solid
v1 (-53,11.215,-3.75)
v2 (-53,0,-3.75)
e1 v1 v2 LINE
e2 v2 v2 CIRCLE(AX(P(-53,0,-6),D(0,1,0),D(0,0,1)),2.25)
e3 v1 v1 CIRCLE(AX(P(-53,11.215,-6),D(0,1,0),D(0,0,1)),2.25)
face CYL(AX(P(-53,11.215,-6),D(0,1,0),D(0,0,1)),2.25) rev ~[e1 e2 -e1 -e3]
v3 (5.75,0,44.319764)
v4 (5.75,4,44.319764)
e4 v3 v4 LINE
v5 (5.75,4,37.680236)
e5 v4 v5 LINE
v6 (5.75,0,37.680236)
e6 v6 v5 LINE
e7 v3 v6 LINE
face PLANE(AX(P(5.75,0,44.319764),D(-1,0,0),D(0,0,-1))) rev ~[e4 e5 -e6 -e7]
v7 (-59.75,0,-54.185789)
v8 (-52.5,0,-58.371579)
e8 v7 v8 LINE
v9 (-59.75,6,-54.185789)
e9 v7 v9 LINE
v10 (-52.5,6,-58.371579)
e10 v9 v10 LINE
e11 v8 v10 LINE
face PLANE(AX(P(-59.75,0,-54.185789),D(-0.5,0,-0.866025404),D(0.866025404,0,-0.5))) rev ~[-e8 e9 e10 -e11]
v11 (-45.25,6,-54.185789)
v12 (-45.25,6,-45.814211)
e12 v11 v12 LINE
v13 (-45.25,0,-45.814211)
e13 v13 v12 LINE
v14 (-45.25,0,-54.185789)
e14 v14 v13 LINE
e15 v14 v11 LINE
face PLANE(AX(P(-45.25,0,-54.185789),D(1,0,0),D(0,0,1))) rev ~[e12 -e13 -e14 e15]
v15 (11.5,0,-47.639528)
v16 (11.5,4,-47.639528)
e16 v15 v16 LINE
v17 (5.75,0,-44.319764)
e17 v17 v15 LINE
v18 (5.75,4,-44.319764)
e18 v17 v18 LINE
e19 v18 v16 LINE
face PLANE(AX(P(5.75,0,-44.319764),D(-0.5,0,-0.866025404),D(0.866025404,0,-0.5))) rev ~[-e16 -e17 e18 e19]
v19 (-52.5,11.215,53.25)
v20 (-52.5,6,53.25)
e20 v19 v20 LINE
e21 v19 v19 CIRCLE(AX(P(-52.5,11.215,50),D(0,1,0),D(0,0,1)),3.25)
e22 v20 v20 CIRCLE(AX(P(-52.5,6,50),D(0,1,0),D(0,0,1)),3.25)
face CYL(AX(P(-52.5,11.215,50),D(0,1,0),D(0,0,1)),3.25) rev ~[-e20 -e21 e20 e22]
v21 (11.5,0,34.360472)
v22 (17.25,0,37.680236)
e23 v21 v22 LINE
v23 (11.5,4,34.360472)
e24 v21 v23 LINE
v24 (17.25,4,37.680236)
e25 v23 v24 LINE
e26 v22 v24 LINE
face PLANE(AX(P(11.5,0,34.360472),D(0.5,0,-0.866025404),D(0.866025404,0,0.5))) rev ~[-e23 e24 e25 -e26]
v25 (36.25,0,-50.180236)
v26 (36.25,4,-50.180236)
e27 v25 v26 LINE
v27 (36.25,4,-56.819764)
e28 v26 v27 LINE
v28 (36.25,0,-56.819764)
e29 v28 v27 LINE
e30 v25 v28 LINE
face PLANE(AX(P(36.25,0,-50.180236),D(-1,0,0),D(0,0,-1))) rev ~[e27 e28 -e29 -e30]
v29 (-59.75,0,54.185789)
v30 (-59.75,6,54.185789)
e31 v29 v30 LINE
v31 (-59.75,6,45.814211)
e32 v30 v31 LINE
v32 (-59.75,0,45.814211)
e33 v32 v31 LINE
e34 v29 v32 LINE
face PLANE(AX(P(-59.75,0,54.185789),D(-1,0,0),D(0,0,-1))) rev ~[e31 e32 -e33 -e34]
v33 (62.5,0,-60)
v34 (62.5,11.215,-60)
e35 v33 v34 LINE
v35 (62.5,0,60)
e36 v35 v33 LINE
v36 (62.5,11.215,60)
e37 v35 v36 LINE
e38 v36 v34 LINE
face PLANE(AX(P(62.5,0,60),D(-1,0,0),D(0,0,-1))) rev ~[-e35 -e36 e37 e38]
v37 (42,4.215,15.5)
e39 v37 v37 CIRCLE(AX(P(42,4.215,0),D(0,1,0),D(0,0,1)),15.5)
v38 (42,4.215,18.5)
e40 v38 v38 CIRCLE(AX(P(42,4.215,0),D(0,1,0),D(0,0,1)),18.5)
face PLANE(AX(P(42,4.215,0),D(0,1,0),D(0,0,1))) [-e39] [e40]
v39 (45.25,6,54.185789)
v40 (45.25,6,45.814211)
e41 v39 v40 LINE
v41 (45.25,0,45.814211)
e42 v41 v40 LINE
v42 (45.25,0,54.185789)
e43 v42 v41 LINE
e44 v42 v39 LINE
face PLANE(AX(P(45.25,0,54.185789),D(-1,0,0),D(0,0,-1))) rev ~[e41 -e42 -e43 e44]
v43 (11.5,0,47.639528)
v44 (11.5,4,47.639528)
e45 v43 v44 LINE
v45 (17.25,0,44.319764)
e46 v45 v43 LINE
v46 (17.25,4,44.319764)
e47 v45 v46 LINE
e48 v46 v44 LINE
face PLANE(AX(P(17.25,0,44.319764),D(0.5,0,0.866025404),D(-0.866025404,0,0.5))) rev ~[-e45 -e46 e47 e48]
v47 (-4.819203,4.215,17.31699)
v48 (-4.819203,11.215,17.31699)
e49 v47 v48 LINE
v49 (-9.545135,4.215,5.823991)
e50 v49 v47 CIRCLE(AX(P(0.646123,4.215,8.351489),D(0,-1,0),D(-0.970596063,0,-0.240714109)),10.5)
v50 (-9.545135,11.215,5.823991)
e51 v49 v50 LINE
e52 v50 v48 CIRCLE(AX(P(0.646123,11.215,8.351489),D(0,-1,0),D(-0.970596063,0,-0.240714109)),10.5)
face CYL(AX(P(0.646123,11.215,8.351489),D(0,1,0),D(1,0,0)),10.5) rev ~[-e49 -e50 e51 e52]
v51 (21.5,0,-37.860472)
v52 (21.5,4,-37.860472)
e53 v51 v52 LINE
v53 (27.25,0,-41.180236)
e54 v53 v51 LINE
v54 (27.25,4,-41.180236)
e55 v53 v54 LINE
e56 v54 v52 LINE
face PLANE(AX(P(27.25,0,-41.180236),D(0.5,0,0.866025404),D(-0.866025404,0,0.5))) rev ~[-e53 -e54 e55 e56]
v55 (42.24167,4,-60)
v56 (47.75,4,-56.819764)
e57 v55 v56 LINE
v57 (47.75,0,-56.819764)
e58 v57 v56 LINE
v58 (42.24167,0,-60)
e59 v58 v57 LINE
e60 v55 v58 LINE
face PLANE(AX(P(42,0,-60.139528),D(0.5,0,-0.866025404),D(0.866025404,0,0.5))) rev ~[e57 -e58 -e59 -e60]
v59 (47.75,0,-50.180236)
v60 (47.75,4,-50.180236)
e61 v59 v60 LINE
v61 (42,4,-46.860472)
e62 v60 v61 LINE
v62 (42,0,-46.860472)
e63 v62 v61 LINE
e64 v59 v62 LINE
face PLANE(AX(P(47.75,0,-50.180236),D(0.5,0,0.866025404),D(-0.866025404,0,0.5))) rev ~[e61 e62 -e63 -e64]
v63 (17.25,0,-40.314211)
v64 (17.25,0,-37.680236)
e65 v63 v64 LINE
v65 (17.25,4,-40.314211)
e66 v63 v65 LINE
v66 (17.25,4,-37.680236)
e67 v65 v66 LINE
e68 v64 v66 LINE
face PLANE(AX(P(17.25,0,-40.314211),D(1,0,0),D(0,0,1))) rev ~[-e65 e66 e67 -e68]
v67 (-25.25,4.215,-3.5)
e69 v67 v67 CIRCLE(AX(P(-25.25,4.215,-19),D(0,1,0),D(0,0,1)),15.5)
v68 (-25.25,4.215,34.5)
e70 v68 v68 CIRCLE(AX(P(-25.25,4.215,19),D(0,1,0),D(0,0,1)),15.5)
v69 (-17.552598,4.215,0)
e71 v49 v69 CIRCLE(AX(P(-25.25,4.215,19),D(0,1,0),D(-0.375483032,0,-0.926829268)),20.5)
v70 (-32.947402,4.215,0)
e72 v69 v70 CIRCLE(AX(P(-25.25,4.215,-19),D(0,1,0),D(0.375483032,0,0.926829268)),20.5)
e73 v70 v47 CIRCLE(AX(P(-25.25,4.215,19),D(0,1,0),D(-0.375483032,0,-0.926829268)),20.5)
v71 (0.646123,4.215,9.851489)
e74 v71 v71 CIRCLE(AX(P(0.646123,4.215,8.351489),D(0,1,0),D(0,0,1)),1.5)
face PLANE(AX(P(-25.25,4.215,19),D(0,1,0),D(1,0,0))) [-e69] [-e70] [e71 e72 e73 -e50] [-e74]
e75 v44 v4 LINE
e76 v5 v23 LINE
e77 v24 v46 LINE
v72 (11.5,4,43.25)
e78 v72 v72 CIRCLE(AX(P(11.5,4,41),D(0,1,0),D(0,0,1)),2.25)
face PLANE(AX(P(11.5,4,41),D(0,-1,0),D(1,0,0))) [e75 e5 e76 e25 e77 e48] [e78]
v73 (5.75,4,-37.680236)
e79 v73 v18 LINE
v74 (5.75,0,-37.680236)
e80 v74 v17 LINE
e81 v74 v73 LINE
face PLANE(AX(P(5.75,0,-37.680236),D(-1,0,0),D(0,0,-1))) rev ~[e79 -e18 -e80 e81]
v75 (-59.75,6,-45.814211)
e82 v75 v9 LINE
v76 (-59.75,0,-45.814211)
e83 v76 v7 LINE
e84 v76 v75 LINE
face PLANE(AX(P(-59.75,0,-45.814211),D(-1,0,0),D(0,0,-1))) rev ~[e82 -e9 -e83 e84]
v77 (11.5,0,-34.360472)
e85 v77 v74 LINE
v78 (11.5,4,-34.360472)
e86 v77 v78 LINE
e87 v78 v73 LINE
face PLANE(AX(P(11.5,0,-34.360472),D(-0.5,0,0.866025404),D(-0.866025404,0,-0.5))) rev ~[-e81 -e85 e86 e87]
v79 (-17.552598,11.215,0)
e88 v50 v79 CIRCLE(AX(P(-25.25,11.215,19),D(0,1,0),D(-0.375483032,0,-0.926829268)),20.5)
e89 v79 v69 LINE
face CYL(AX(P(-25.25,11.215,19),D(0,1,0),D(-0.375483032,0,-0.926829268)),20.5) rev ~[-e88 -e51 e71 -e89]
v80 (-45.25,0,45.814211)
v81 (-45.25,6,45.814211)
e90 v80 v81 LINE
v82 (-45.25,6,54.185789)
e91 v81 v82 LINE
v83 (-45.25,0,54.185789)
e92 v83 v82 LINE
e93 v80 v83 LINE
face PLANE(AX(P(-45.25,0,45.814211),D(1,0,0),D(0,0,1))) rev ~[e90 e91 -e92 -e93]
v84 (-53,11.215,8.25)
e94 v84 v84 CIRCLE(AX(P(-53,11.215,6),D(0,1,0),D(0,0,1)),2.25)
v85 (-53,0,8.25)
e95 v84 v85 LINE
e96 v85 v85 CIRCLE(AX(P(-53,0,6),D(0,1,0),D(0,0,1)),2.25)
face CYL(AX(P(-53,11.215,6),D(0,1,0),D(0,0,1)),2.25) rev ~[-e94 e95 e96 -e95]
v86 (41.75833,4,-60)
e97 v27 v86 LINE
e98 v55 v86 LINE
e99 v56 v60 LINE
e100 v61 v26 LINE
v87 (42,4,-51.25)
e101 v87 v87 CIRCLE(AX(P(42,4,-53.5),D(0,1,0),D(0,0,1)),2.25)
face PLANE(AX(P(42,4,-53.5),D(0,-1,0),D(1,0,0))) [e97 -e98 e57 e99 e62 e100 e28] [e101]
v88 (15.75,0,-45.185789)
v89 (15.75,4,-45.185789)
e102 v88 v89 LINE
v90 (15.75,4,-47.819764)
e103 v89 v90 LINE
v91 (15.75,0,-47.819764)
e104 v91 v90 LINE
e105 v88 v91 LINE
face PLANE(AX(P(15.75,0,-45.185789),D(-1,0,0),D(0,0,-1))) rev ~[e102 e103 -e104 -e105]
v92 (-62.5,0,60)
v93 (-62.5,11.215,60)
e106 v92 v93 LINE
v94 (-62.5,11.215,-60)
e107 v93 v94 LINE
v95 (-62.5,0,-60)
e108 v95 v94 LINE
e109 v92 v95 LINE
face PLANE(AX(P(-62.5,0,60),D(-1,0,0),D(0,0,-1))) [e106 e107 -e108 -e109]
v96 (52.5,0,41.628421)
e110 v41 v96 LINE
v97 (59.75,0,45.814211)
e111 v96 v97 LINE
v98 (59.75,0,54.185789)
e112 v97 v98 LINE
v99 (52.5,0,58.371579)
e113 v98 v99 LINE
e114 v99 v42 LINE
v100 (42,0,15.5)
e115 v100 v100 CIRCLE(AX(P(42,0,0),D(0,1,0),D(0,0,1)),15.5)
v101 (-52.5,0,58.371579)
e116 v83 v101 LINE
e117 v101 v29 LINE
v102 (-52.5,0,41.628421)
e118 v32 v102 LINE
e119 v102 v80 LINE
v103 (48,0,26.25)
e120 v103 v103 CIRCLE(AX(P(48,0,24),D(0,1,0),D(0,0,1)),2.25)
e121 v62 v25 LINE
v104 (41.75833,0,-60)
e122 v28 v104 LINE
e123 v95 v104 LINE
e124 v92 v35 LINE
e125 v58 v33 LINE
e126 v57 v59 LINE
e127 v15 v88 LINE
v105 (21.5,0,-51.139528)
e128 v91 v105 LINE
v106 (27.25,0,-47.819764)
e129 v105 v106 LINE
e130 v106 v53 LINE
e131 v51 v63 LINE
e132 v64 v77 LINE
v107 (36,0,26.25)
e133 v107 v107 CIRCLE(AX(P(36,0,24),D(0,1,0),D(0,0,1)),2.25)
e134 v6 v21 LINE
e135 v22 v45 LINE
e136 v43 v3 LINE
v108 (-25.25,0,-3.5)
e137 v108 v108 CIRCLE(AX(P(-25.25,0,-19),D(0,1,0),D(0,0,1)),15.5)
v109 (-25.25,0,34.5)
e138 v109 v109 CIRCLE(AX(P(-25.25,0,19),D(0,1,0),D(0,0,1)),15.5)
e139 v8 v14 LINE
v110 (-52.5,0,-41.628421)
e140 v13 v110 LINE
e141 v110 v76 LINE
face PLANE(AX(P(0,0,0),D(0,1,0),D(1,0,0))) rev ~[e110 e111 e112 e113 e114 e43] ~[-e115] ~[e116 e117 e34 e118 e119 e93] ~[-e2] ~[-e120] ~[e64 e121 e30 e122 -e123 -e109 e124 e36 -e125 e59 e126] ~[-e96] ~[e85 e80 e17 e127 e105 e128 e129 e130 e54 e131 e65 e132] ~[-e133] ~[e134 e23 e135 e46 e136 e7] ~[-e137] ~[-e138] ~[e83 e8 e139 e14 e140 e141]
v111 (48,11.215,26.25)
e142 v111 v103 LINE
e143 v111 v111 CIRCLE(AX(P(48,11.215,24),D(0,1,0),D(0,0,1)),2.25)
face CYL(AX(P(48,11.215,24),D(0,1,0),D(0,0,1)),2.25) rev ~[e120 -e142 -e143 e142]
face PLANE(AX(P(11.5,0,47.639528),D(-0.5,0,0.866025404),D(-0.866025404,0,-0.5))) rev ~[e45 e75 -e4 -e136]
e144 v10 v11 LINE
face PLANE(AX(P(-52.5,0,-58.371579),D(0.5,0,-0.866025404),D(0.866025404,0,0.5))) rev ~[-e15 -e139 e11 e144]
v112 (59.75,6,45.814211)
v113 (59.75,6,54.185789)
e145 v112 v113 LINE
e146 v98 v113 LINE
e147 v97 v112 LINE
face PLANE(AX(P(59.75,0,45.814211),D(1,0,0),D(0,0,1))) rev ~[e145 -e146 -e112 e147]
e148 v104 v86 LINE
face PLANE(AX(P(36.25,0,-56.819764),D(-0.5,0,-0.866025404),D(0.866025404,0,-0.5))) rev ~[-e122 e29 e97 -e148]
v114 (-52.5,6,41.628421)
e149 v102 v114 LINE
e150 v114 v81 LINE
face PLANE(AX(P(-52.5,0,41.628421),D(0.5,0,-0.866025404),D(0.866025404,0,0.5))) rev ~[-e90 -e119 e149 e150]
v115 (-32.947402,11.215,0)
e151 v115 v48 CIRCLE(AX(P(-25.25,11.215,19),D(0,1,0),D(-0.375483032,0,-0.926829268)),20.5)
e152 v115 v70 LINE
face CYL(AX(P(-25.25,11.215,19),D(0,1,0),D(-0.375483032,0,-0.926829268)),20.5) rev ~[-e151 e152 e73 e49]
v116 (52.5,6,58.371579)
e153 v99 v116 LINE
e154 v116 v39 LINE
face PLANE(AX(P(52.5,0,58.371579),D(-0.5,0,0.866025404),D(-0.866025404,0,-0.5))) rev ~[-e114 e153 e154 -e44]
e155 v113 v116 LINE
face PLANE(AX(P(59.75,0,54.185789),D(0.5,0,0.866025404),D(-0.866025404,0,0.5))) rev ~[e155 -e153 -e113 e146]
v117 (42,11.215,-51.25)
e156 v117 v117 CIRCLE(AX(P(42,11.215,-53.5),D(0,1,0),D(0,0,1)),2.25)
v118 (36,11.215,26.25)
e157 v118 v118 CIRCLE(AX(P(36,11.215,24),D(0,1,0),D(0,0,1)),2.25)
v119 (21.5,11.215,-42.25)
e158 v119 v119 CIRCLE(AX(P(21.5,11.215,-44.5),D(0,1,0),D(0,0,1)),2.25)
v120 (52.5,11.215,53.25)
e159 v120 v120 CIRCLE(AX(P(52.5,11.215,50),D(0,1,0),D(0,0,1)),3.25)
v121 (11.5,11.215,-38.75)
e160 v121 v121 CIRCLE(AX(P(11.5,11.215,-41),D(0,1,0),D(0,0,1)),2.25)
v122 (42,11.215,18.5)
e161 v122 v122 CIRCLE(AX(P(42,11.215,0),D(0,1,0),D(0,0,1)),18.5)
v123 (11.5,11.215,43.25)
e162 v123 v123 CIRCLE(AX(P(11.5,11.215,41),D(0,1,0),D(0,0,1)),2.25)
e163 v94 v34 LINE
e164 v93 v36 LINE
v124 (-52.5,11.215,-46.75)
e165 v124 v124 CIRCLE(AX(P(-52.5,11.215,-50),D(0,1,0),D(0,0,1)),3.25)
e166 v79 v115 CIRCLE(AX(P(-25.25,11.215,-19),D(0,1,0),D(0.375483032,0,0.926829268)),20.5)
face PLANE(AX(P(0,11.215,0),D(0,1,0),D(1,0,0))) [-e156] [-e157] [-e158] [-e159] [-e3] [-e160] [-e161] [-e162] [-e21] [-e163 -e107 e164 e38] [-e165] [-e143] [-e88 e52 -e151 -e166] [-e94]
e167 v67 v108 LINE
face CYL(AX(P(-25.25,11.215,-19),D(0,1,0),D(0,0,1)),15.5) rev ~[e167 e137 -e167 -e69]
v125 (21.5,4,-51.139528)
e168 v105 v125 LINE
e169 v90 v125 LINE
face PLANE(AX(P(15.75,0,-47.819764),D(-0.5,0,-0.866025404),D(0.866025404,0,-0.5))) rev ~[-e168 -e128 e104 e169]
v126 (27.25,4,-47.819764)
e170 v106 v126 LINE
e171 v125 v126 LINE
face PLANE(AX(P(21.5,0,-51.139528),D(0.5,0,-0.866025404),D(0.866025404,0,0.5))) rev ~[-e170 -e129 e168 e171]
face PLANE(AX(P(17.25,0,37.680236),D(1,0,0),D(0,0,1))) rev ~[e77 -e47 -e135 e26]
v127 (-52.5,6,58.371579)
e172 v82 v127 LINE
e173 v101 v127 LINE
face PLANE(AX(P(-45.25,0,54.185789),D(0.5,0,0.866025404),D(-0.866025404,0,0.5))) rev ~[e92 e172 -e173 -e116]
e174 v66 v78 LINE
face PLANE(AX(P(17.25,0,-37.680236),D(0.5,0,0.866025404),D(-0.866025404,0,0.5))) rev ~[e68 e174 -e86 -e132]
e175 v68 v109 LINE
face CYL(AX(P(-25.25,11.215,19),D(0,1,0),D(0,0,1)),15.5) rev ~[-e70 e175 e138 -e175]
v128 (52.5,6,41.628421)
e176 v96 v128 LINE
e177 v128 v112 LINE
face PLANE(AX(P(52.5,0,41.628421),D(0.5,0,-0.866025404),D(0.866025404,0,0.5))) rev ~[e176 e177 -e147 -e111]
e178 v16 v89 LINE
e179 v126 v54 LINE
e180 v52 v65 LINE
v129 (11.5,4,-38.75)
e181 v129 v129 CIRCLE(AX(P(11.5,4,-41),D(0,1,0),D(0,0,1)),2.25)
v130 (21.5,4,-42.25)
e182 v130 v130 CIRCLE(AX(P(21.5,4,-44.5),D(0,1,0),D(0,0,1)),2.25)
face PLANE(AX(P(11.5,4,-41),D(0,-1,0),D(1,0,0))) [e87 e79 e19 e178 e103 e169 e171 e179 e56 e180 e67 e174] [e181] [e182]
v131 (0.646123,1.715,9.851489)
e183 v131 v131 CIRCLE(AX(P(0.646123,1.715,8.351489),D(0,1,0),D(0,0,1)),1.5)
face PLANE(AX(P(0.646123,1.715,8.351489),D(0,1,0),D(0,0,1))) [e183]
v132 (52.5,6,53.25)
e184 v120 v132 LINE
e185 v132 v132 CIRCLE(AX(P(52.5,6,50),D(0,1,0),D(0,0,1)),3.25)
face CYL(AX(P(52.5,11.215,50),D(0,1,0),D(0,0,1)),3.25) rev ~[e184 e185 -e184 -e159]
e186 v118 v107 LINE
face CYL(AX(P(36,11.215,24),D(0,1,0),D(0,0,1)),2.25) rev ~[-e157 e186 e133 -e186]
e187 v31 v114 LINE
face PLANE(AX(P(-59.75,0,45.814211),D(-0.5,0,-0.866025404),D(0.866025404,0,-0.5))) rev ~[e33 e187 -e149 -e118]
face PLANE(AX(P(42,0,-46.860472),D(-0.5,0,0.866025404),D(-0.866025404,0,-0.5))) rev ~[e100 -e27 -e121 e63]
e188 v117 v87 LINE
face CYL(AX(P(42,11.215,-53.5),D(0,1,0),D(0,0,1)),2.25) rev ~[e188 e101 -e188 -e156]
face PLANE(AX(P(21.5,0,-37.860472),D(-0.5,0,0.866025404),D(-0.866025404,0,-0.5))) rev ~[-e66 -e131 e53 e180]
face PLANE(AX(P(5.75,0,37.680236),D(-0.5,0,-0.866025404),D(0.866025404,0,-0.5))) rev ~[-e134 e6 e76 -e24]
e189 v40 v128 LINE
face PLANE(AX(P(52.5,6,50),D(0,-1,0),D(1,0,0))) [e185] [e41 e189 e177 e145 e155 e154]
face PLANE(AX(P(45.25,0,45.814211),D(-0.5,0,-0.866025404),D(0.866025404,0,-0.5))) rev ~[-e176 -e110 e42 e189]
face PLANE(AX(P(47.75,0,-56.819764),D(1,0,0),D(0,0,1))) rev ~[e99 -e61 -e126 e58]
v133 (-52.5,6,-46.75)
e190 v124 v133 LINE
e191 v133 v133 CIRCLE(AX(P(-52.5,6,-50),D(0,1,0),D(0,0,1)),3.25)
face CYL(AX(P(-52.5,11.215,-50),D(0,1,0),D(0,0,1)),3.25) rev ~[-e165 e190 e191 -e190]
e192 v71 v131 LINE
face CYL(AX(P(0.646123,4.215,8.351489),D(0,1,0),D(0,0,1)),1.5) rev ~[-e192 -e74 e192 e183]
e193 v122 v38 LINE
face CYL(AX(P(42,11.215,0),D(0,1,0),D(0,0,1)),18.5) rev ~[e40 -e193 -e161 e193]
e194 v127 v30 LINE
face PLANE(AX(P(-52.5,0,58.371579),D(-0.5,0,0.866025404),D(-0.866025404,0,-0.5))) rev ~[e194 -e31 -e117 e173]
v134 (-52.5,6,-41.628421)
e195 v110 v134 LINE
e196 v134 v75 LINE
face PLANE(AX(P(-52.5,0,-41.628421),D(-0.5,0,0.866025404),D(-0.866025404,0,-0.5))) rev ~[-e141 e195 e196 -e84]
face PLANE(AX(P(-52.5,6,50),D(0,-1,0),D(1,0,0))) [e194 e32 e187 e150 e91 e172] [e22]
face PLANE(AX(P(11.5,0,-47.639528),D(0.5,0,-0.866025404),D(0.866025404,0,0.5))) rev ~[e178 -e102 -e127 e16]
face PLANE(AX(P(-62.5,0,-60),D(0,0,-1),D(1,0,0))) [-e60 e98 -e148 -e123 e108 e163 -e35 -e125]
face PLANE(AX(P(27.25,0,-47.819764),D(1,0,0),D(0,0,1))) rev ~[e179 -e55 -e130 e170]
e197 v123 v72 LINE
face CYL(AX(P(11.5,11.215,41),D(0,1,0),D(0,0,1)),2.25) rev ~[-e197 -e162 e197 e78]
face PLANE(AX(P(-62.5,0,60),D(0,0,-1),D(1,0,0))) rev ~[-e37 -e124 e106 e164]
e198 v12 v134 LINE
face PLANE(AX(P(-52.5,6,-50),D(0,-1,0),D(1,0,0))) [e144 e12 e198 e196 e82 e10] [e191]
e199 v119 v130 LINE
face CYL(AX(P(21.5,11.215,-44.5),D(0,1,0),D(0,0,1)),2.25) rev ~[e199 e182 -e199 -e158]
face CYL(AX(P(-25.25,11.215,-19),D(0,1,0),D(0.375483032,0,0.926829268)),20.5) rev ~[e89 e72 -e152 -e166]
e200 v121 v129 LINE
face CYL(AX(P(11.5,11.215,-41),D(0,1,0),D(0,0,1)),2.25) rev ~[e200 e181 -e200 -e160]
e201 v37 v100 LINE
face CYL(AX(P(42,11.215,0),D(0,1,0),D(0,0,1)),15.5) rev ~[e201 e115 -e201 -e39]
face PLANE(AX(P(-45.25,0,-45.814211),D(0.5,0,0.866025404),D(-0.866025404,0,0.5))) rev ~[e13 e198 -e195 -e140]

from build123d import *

# Parameters (mm, degrees)
SKETCH1_W                        = 125
SKETCH1_H                        = 120
TEST_BASE_POSTION_DEPTH          = 11.215
SKETCH8_R                        = 20.5
FINGER_GEARS_DEPTH               = 7
SKETCH9_R                        = 10.5
INTERMEDIATE_GEAR_DEPTH          = 7
SKETCH11_R                       = 18.5
XL320_FINGER_KNUCKLE_MOUNT_DEPTH = 7
SKETCH10_R                       = 15.5
CONNECT_FINGER_HOLES_DEPTH       = 88.361468766
THUMB_MOUNT_HOLES_R              = 2.25
THUMB_MOUNT_HOLES_M4_DEPTH       = 88.361468766
SKETCH16_R                       = 2.25
FINGERS_MOUNT_HOLES_M4_DEPTH     = 88.361468766
SKETCH17_R                       = 3.25
CONNECT_HOLES_M6_DEPTH           = 88.361468766
NUTS_M4_DEPTH                    = 4
NUTS_M6_DEPTH                    = 6
SKETCH21_R                       = 1.5
FIX_GEAR_ROD_HOLE_DEPTH          = 2.5


with BuildPart() as part:
    # Sketch1 → Test_Base_Postion (new body)
    with BuildSketch(Plane(origin=(0, 0, 0), x_dir=(1, 0, 0), z_dir=(0, 1, 0))):
        Rectangle(SKETCH1_W, SKETCH1_H)
    extrude(amount=TEST_BASE_POSTION_DEPTH)

    # Sketch8 → Finger_Gears (cut)
    with BuildSketch(Plane(origin=(0, 11.215, 0), x_dir=(1, 0, 0), z_dir=(0, 1, 0))):
        with Locations((-25.25, -19)):
            Circle(SKETCH8_R)
        with Locations((-25.25, 19)):
            Circle(SKETCH8_R)
    extrude(amount=-FINGER_GEARS_DEPTH, mode=Mode.SUBTRACT)

    # Sketch9 → Intermediate_Gear (cut)
    with BuildSketch(Plane(origin=(0, 11.215, 0), x_dir=(1, 0, 0), z_dir=(0, 1, 0))):
        with Locations((0.646123438, -8.351488795)):
            Circle(SKETCH9_R)
    extrude(amount=-INTERMEDIATE_GEAR_DEPTH, mode=Mode.SUBTRACT)

    # Sketch11 → XL320_Finger_Knuckle_Mount (cut)
    with BuildSketch(Plane(origin=(0, 11.215, 0), x_dir=(1, 0, 0), z_dir=(0, 1, 0))):
        with Locations(Location((42, 0, 0), (0, 0, 270))):
            Circle(SKETCH11_R)
    extrude(amount=-XL320_FINGER_KNUCKLE_MOUNT_DEPTH, mode=Mode.SUBTRACT)

    # Sketch10 → Connect_Finger_Holes (cut, through all)
    with BuildSketch(Plane(origin=(0, 11.215, 0), x_dir=(1, 0, 0), z_dir=(0, 1, 0))):
        with Locations(Location((-25.25, 19, 0), (0, 0, 270))):
            Circle(SKETCH10_R)
        with Locations(Location((-25.25, -19, 0), (0, 0, 270))):
            Circle(SKETCH10_R)
        with Locations(Location((42, 0, 0), (0, 0, 270))):
            Circle(SKETCH10_R)
    extrude(amount=-CONNECT_FINGER_HOLES_DEPTH, mode=Mode.SUBTRACT)

    # Thumb_Mount_Holes → Thumb_Mount_Holes_(M4) (cut, through all)
    with BuildSketch(Plane(origin=(0, 11.215, 0), x_dir=(1, 0, 0), z_dir=(0, 1, 0))):
        with Locations(Location((21.5, 44.5, 0), (0, 0, 270))):
            Circle(THUMB_MOUNT_HOLES_R)
        with Locations(Location((42, 53.5, 0), (0, 0, 270))):
            Circle(THUMB_MOUNT_HOLES_R)
        with Locations(Location((48, -24, 0), (0, 0, 270))):
            Circle(THUMB_MOUNT_HOLES_R)
        with Locations(Location((36, -24, 0), (0, 0, 270))):
            Circle(THUMB_MOUNT_HOLES_R)
    extrude(amount=-THUMB_MOUNT_HOLES_M4_DEPTH, mode=Mode.SUBTRACT)

    # Sketch16 → Fingers_Mount_Holes_(M4) (cut, through all)
    with BuildSketch(Plane(origin=(0, 11.215, 0), x_dir=(1, 0, 0), z_dir=(0, 1, 0))):
        with Locations(Location((11.5, 41, 0), (0, 0, 270))):
            Circle(SKETCH16_R)
        with Locations(Location((11.5, -41, 0), (0, 0, 270))):
            Circle(SKETCH16_R)
        with Locations(Location((-53, 6, 0), (0, 0, 270))):
            Circle(SKETCH16_R)
        with Locations(Location((-53, -6, 0), (0, 0, 270))):
            Circle(SKETCH16_R)
    extrude(amount=-FINGERS_MOUNT_HOLES_M4_DEPTH, mode=Mode.SUBTRACT)

    # Sketch17 → Connect_Holes_(M6) (cut, through all)
    with BuildSketch(Plane(origin=(0, 11.215, 0), x_dir=(1, 0, 0), z_dir=(0, 1, 0))):
        with Locations(Location((-52.5, 50, 0), (0, 0, 270))):
            Circle(SKETCH17_R)
        with Locations(Location((-52.5, -50, 0), (0, 0, 270))):
            Circle(SKETCH17_R)
        with Locations(Location((52.5, -50, 0), (0, 0, 270))):
            Circle(SKETCH17_R)
    extrude(amount=-CONNECT_HOLES_M6_DEPTH, mode=Mode.SUBTRACT)

    # Sketch18 → Nuts_(M4) (cut)
    with BuildSketch(Plane.XZ):
        Polygon((11.5, 47.639528096), (5.75, 44.319764048), (5.75, 37.680235952), (11.5, 34.360471904), (17.25, 37.680235952), (17.25, 44.319764048), align=None)
        Polygon((11.5, -34.360471904), (5.75, -37.680235952), (5.75, -44.319764048), (11.5, -47.639528096), (17.25, -44.319764048), (17.25, -37.680235952), align=None)
        Polygon((15.75, -41.180235952), (15.75, -47.819764048), (21.5, -51.139528096), (27.25, -47.819764048), (27.25, -41.180235952), (21.5, -37.860471904), align=None)
        Polygon((42, -60.139528096), (47.75, -56.819764048), (47.75, -50.180235952), (42, -46.860471904), (36.25, -50.180235952), (36.25, -56.819764048), align=None)
    extrude(amount=-NUTS_M4_DEPTH, mode=Mode.SUBTRACT)

    # Sketch19 → Nuts_(M6) (cut)
    with BuildSketch(Plane.XZ):
        Polygon((-52.5, 58.371578903), (-59.75, 54.185789452), (-59.75, 45.814210548), (-52.5, 41.628421097), (-45.25, 45.814210548), (-45.25, 54.185789452), align=None)
        Polygon((52.5, 58.371578903), (45.25, 54.185789452), (45.25, 45.814210548), (52.5, 41.628421097), (59.75, 45.814210548), (59.75, 54.185789452), align=None)
        Polygon((-52.5, -41.628421097), (-59.75, -45.814210548), (-59.75, -54.185789452), (-52.5, -58.371578903), (-45.25, -54.185789452), (-45.25, -45.814210548), align=None)
    extrude(amount=-NUTS_M6_DEPTH, mode=Mode.SUBTRACT)

    # Sketch21 → Fix_Gear_Rod_Hole (cut)
    with BuildSketch(Plane(origin=(0, 4.215, 0), x_dir=(1, 0, 0), z_dir=(0, 1, 0))):
        with Locations(Location((0.646123438, -8.351488795, 0), (0, 0, 270))):
            Circle(SKETCH21_R)
    extrude(amount=-FIX_GEAR_ROD_HOLE_DEPTH, mode=Mode.SUBTRACT)


solid = part.part
